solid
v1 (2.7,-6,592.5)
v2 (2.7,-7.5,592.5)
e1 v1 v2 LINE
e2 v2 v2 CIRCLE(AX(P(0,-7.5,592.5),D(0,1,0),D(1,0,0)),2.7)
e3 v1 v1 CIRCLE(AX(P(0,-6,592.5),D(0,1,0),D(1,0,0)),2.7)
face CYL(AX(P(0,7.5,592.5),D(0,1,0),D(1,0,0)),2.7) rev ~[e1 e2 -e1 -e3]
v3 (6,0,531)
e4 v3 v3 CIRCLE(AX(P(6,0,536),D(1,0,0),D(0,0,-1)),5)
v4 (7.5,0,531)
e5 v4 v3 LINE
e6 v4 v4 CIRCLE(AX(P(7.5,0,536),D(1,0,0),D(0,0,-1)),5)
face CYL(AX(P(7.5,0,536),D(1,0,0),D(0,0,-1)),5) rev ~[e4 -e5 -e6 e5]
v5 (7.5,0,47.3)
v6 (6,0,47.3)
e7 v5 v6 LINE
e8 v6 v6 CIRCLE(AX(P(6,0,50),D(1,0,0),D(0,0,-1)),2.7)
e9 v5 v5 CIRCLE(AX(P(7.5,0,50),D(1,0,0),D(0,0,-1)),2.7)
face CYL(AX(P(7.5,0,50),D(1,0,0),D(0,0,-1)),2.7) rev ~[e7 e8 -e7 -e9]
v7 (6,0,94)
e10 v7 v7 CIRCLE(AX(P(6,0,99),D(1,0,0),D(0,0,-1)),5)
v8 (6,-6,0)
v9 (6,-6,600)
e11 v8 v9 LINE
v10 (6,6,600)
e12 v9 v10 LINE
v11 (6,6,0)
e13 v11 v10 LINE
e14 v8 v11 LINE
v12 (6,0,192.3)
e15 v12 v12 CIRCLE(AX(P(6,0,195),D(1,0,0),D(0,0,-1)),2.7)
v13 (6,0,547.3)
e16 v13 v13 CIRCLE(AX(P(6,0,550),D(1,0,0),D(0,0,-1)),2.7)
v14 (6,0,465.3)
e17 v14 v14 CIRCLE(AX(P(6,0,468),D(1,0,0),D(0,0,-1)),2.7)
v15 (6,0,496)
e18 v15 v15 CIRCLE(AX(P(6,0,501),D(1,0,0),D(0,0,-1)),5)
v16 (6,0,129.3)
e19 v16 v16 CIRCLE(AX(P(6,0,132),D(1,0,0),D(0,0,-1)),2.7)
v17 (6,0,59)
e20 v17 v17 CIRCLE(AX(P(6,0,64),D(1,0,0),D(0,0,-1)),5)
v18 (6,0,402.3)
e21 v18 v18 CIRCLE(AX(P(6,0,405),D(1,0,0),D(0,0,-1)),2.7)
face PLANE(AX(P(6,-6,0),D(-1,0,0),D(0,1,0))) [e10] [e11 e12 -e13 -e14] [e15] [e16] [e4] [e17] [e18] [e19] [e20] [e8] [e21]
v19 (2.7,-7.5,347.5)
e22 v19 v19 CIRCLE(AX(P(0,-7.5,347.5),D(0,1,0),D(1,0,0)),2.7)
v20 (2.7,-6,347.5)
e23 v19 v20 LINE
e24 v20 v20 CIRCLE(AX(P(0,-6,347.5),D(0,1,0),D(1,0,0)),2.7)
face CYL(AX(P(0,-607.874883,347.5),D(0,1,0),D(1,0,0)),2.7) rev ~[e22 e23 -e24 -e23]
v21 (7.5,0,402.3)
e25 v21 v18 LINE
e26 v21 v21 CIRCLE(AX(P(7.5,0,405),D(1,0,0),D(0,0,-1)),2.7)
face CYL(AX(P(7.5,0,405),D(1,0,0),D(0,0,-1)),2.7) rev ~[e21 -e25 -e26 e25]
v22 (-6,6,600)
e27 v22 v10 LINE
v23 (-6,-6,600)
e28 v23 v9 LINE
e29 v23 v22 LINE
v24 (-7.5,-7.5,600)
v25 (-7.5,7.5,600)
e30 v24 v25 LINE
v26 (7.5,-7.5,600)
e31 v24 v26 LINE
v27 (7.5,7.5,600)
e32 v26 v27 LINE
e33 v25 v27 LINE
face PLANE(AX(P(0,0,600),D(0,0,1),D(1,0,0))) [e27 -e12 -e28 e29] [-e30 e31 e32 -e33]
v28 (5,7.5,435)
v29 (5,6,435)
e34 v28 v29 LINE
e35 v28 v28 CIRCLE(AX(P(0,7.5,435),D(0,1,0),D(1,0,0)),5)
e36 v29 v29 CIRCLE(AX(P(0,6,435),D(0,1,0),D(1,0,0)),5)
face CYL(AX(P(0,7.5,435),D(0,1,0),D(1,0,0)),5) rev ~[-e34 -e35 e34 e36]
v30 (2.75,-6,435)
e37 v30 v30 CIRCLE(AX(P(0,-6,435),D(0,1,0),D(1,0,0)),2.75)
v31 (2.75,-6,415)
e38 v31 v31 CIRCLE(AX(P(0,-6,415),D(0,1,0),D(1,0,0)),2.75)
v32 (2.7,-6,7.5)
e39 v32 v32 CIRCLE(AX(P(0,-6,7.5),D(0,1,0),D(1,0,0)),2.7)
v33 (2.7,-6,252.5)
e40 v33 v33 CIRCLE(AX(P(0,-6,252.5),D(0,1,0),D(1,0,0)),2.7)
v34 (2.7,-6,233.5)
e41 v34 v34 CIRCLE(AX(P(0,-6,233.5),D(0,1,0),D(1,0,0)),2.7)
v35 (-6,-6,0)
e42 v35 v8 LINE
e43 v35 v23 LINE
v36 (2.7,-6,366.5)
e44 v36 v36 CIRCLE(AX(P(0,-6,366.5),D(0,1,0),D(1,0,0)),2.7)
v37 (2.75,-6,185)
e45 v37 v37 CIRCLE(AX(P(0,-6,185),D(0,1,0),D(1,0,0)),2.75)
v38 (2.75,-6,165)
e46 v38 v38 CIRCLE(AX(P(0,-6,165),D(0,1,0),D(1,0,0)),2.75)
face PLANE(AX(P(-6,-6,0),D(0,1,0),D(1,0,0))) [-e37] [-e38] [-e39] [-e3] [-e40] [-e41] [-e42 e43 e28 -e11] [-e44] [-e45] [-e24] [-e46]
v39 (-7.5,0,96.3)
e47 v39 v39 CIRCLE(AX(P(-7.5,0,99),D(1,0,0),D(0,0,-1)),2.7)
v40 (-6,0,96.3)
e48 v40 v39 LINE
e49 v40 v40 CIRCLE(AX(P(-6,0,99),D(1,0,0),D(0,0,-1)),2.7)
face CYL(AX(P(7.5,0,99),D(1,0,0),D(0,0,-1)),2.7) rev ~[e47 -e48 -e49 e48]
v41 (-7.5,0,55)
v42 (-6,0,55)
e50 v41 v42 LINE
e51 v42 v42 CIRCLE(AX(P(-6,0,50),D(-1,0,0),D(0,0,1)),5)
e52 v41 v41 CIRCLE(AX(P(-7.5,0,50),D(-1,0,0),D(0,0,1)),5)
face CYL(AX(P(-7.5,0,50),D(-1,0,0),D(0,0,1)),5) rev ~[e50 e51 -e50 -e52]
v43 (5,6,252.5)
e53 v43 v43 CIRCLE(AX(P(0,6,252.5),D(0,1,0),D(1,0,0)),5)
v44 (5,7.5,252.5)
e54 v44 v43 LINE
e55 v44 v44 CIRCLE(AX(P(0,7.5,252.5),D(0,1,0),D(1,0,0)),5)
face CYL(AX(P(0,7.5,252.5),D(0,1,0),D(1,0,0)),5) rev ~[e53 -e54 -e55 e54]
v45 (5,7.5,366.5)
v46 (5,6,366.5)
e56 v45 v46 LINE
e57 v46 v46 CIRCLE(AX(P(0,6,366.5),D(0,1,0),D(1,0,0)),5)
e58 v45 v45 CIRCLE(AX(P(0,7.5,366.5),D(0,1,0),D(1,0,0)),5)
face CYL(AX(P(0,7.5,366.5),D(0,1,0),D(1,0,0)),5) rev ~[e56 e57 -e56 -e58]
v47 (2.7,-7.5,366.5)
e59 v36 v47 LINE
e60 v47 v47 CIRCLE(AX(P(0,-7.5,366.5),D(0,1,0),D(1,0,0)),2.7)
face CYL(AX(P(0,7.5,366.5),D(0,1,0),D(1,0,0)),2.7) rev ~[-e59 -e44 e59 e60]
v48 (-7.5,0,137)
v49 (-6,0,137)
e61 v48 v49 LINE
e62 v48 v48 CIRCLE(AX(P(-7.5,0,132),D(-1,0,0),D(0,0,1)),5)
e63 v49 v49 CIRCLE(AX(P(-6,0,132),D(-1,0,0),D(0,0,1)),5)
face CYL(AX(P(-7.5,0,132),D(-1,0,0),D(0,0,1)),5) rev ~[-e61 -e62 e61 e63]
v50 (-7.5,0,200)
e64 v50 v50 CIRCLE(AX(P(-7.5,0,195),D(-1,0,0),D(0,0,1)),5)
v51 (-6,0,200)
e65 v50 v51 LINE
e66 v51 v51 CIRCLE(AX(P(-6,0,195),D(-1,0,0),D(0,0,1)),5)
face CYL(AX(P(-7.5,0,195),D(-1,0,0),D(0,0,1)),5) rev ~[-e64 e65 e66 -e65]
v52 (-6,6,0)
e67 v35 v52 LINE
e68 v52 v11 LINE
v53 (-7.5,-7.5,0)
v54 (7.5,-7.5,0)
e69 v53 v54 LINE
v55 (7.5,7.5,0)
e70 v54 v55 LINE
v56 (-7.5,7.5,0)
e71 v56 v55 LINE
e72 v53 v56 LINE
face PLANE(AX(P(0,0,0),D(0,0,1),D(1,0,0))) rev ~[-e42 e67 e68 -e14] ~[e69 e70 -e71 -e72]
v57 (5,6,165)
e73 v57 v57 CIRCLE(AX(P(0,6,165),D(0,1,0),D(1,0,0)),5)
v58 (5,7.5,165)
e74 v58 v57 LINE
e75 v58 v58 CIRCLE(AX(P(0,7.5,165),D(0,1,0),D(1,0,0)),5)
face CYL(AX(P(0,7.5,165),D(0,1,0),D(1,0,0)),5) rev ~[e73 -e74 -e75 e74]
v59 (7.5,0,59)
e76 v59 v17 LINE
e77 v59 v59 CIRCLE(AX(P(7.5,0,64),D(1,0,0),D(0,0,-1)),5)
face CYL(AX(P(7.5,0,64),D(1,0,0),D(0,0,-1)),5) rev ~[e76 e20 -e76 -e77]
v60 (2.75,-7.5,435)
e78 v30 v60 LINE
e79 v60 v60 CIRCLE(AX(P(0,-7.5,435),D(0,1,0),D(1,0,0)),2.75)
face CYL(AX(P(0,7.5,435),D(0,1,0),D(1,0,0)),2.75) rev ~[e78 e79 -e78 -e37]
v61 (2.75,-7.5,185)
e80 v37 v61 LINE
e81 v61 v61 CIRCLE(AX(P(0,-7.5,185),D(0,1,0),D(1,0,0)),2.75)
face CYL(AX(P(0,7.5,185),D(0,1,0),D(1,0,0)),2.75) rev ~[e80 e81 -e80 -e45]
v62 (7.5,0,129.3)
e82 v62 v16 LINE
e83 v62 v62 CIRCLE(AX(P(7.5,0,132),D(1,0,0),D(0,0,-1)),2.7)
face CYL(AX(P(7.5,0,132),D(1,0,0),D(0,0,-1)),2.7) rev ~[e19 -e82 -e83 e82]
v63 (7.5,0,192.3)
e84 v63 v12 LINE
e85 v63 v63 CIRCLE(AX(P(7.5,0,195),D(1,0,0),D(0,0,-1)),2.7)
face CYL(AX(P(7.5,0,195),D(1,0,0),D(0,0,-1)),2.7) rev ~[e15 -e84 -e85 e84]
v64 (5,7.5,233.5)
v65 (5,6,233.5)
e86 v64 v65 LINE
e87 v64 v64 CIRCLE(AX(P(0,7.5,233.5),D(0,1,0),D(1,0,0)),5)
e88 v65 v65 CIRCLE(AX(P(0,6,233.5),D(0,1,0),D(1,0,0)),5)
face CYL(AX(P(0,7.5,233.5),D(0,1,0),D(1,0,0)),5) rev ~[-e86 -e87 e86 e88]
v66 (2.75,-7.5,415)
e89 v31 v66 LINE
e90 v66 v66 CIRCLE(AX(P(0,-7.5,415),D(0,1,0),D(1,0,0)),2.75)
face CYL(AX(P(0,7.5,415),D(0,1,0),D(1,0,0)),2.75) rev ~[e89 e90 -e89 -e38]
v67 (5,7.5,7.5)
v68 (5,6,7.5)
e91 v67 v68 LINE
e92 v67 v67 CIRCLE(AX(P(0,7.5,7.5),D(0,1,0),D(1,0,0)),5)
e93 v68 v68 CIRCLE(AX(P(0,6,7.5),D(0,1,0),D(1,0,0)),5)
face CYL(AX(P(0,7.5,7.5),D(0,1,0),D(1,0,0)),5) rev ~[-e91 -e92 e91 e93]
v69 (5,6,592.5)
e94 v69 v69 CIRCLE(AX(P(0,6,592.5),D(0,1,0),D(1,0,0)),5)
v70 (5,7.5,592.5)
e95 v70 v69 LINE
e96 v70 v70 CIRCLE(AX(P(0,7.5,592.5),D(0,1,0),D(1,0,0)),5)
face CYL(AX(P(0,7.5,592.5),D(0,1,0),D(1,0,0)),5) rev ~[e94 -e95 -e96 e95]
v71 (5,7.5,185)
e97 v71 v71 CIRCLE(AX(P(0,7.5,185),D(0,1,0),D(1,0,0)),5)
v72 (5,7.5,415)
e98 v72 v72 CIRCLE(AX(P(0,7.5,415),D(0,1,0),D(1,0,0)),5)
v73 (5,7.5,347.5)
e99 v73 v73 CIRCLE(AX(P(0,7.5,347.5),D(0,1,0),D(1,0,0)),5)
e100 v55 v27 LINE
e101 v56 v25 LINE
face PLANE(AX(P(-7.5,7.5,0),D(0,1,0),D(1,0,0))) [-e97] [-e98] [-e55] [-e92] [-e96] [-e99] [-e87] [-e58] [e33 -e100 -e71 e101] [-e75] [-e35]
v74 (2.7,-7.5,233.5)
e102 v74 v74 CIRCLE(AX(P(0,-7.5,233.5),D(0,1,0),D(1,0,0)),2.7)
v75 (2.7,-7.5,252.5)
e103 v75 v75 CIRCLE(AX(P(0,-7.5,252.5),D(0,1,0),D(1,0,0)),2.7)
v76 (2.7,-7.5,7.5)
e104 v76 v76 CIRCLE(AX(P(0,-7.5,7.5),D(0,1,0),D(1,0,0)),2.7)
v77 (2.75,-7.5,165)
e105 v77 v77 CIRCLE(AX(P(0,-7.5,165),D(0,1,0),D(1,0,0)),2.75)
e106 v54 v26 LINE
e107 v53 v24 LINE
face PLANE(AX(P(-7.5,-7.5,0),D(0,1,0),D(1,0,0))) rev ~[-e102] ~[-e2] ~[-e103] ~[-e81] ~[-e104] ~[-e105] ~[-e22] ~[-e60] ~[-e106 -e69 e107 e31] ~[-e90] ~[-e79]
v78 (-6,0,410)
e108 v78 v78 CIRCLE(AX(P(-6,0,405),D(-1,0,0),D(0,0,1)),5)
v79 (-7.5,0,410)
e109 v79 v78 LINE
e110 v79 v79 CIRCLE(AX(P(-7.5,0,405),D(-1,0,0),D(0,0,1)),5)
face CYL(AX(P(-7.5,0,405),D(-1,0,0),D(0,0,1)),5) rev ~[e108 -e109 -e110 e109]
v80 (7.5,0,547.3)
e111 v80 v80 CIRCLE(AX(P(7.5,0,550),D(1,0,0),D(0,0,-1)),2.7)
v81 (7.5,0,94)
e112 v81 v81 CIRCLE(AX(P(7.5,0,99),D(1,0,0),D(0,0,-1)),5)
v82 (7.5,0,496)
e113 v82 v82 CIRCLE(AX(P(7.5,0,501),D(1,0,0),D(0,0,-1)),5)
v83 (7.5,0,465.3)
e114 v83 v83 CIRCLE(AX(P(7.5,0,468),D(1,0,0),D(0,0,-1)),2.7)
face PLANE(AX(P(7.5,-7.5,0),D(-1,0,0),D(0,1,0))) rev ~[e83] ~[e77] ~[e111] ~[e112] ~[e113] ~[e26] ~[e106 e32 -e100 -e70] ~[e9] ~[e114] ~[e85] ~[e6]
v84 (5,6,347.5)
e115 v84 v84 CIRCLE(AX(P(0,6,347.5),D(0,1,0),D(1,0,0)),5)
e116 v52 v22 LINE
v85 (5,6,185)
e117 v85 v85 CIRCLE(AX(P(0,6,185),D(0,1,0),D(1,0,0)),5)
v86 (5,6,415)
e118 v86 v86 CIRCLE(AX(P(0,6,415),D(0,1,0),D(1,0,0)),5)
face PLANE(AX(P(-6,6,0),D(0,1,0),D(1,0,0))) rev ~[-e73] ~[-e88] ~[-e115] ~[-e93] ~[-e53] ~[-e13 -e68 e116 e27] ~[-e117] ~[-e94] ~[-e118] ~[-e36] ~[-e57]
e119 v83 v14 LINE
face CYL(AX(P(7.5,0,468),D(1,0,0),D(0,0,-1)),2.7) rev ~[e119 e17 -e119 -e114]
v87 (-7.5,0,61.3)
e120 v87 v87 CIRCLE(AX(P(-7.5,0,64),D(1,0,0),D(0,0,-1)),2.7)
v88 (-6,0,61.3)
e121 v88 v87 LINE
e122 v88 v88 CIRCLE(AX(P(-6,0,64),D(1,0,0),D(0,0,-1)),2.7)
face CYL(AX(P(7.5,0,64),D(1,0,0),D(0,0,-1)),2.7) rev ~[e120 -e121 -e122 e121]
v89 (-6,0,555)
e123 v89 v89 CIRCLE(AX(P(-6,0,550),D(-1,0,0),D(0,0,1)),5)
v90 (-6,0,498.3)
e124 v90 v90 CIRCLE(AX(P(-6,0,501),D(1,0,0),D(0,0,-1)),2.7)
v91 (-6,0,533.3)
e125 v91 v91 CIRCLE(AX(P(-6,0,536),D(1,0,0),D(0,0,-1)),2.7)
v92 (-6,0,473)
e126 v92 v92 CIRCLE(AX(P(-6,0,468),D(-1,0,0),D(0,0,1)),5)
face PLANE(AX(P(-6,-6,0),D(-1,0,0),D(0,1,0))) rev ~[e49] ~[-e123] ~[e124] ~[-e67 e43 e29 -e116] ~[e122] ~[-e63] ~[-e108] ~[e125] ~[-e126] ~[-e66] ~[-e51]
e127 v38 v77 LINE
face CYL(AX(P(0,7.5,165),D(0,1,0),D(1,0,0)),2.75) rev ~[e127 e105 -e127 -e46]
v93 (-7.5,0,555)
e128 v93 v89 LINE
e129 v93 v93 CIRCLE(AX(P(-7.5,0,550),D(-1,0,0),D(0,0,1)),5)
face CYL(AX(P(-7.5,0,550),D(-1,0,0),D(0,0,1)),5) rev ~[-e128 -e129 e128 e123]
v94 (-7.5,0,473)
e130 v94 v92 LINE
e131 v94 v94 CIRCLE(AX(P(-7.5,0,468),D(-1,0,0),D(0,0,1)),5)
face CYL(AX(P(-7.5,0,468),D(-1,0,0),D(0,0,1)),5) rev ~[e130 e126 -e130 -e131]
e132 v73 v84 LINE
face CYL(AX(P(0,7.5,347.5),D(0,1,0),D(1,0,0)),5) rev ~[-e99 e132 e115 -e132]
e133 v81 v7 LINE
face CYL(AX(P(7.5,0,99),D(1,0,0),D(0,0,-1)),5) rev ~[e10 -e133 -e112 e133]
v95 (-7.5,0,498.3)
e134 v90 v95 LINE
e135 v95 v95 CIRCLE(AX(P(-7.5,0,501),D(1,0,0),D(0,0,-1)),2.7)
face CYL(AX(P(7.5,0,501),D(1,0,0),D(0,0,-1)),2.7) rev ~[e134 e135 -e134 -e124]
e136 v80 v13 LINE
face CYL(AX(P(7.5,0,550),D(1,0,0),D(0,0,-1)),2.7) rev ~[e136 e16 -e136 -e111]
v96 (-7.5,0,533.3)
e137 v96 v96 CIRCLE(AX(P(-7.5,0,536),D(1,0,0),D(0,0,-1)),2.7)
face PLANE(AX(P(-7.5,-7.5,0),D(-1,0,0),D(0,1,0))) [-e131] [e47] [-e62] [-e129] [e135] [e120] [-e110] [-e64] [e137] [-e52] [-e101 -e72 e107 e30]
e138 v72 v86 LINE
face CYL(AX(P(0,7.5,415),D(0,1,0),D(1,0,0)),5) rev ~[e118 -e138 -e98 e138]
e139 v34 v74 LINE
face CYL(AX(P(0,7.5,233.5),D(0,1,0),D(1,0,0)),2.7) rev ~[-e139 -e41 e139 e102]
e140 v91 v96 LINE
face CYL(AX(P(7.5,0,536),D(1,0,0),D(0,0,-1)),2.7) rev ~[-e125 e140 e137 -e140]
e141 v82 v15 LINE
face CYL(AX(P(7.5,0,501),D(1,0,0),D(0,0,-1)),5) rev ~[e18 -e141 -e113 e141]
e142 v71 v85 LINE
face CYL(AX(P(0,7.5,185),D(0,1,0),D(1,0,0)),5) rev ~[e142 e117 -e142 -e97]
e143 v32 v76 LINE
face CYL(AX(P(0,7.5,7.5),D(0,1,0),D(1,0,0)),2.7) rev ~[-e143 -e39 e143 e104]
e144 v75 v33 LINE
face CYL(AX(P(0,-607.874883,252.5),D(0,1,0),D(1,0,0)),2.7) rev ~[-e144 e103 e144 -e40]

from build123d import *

# Parameters (mm, degrees)
SKETCH_1_W              = 15
SKETCH_1_H              = 15
SKETCH_1_W_2            = 12
SKETCH_1_H_2            = 12
EXTRUDE_1_DEPTH         = 600
SKETCH_3_R              = 2.7
CUT_EXTRUDE_2_DEPTH     = 25
SKETCH_4_R              = 2.7
CUT_EXTRUDE_3_DEPTH     = 20
SKETCH_6_R              = 2.75
CUT_EXTRUDE_5_DEPTH     = 30
SKETCH_7_R              = 5
CUT_EXTRUDE_6_DEPTH     = 10
SKETCH_8_R              = 5
CUT_EXTRUDE_7_DEPTH     = 10
SKETCH_9_R              = 5
CUT_EXTRUDE_8_DEPTH     = 10
HOLE_WIZARD_5_4_5_4_1_D = 5.4
CUT_EXTRUDE_9_REACH     = 17
SKETCH_15_R             = 5


with BuildPart() as part:
    # ｽｹｯﾁ1 → ﾎﾞｽ - 押し出し1 (new body)
    with BuildSketch(Plane.XY):
        Rectangle(SKETCH_1_W, SKETCH_1_H)
        Rectangle(SKETCH_1_W_2, SKETCH_1_H_2, mode=Mode.SUBTRACT)
    extrude(amount=EXTRUDE_1_DEPTH)

    # ｽｹｯﾁ3 → ｶｯﾄ - 押し出し2 (cut)
    with BuildSketch(Plane(origin=(0, 7.5, 0), x_dir=(1, 0, 0), z_dir=(0, 1, 0))):
        with Locations((0, -7.5)):
            Circle(SKETCH_3_R)
        with Locations((0, -592.5)):
            Circle(SKETCH_3_R)
        with Locations((0, -366.5)):
            Circle(SKETCH_3_R)
        with Locations((0, -233.5)):
            Circle(SKETCH_3_R)
    extrude(amount=-CUT_EXTRUDE_2_DEPTH, mode=Mode.SUBTRACT)

    # ｽｹｯﾁ4 → ｶｯﾄ - 押し出し3 (cut)
    with BuildSketch(Plane(origin=(7.5, 0, 0), x_dir=(0, 0, -1), z_dir=(1, 0, 0))):
        with Locations((-536, 0)):
            Circle(SKETCH_4_R)
        with Locations((-501, 0)):
            Circle(SKETCH_4_R)
        with Locations((-99, 0)):
            Circle(SKETCH_4_R)
        with Locations((-64, 0)):
            Circle(SKETCH_4_R)
        with Locations((-132, 0)):
            Circle(SKETCH_4_R)
        with Locations((-195, 0)):
            Circle(SKETCH_4_R)
        with Locations((-50, 0)):
            Circle(SKETCH_4_R)
        with Locations((-550, 0)):
            Circle(SKETCH_4_R)
        with Locations((-405, 0)):
            Circle(SKETCH_4_R)
        with Locations((-468, 0)):
            Circle(SKETCH_4_R)
    extrude(amount=-CUT_EXTRUDE_3_DEPTH, mode=Mode.SUBTRACT)

    # ｽｹｯﾁ6 → ｶｯﾄ - 押し出し5 (cut)
    with BuildSketch(Plane(origin=(0, 7.5, 0), x_dir=(1, 0, 0), z_dir=(0, 1, 0))):
        with Locations((0, -435)):
            Circle(SKETCH_6_R)
        with Locations((0, -415)):
            Circle(SKETCH_6_R)
        with Locations((0, -165)):
            Circle(SKETCH_6_R)
        with Locations((0, -185)):
            Circle(SKETCH_6_R)
    extrude(amount=-CUT_EXTRUDE_5_DEPTH, mode=Mode.SUBTRACT)

    # ｽｹｯﾁ7 → ｶｯﾄ - 押し出し6 (cut)
    with BuildSketch(Plane(origin=(0, 7.5, 0), x_dir=(1, 0, 0), z_dir=(0, 1, 0))):
        with Locations((0, -7.5)):
            Circle(SKETCH_7_R)
        with Locations((0, -165)):
            Circle(SKETCH_7_R)
        with Locations((0, -185)):
            Circle(SKETCH_7_R)
        with Locations((0, -233.5)):
            Circle(SKETCH_7_R)
        with Locations((0, -366.5)):
            Circle(SKETCH_7_R)
        with Locations((0, -415)):
            Circle(SKETCH_7_R)
        with Locations((0, -435)):
            Circle(SKETCH_7_R)
        with Locations((0, -592.5)):
            Circle(SKETCH_7_R)
    extrude(amount=-CUT_EXTRUDE_6_DEPTH, mode=Mode.SUBTRACT)

    # ｽｹｯﾁ8 → ｶｯﾄ - 押し出し7 (cut)
    with BuildSketch(Plane(origin=(7.5, 0, 0), x_dir=(0, 0, -1), z_dir=(1, 0, 0))):
        with Locations((-64, 0)):
            Circle(SKETCH_8_R)
        with Locations((-99, 0)):
            Circle(SKETCH_8_R)
        with Locations((-501, 0)):
            Circle(SKETCH_8_R)
        with Locations((-536, 0)):
            Circle(SKETCH_8_R)
    extrude(amount=-CUT_EXTRUDE_7_DEPTH, mode=Mode.SUBTRACT)

    # ｽｹｯﾁ9 → ｶｯﾄ - 押し出し8 (cut)
    with BuildSketch(Plane.ZY.offset(7.5)):
        with Locations((132, 0)):
            Circle(SKETCH_9_R)
        with Locations((50, 0)):
            Circle(SKETCH_9_R)
        with Locations((195, 0)):
            Circle(SKETCH_9_R)
        with Locations((405, 0)):
            Circle(SKETCH_9_R)
        with Locations((550, 0)):
            Circle(SKETCH_9_R)
        with Locations((468, 0)):
            Circle(SKETCH_9_R)
    extrude(amount=-CUT_EXTRUDE_8_DEPTH, mode=Mode.SUBTRACT)

    # Ø5.4 (5.4) 直径の穴1 (through all)
    with Locations(Plane(origin=(0, -7.5, 0), x_dir=(-1, 0, 0), z_dir=(0, -1, 0))):
        with Locations((0, -252.5), (0, -347.5)):
            Hole(HOLE_WIZARD_5_4_5_4_1_D / 2)

    # ｽｹｯﾁ15 → ｶｯﾄ - 押し出し9 (cut, up to next)
    with BuildSketch(Plane(origin=(0, 7.5, 0), x_dir=(1, 0, 0), z_dir=(0, 1, 0)), mode=Mode.PRIVATE) as cut_extrude_9_sk1:
        with Locations((0, -252.5)):
            Circle(SKETCH_15_R)
    cut_extrude_9_tool1 = extrude(cut_extrude_9_sk1.sketch, amount=-CUT_EXTRUDE_9_REACH, mode=Mode.PRIVATE) & part.part
    add(cut_extrude_9_tool1.solids().sort_by_distance((0, 7.5, 252.5))[0], mode=Mode.SUBTRACT)
    # ｽｹｯﾁ15 → ｶｯﾄ - 押し出し9 (cut, up to next)
    with BuildSketch(Plane(origin=(0, 7.5, 0), x_dir=(1, 0, 0), z_dir=(0, 1, 0)), mode=Mode.PRIVATE) as cut_extrude_9_sk2:
        with Locations((0, -347.5)):
            Circle(SKETCH_15_R)
    cut_extrude_9_tool2 = extrude(cut_extrude_9_sk2.sketch, amount=-CUT_EXTRUDE_9_REACH, mode=Mode.PRIVATE) & part.part
    add(cut_extrude_9_tool2.solids().sort_by_distance((0, 7.5, 347.5))[0], mode=Mode.SUBTRACT)


solid = part.part
